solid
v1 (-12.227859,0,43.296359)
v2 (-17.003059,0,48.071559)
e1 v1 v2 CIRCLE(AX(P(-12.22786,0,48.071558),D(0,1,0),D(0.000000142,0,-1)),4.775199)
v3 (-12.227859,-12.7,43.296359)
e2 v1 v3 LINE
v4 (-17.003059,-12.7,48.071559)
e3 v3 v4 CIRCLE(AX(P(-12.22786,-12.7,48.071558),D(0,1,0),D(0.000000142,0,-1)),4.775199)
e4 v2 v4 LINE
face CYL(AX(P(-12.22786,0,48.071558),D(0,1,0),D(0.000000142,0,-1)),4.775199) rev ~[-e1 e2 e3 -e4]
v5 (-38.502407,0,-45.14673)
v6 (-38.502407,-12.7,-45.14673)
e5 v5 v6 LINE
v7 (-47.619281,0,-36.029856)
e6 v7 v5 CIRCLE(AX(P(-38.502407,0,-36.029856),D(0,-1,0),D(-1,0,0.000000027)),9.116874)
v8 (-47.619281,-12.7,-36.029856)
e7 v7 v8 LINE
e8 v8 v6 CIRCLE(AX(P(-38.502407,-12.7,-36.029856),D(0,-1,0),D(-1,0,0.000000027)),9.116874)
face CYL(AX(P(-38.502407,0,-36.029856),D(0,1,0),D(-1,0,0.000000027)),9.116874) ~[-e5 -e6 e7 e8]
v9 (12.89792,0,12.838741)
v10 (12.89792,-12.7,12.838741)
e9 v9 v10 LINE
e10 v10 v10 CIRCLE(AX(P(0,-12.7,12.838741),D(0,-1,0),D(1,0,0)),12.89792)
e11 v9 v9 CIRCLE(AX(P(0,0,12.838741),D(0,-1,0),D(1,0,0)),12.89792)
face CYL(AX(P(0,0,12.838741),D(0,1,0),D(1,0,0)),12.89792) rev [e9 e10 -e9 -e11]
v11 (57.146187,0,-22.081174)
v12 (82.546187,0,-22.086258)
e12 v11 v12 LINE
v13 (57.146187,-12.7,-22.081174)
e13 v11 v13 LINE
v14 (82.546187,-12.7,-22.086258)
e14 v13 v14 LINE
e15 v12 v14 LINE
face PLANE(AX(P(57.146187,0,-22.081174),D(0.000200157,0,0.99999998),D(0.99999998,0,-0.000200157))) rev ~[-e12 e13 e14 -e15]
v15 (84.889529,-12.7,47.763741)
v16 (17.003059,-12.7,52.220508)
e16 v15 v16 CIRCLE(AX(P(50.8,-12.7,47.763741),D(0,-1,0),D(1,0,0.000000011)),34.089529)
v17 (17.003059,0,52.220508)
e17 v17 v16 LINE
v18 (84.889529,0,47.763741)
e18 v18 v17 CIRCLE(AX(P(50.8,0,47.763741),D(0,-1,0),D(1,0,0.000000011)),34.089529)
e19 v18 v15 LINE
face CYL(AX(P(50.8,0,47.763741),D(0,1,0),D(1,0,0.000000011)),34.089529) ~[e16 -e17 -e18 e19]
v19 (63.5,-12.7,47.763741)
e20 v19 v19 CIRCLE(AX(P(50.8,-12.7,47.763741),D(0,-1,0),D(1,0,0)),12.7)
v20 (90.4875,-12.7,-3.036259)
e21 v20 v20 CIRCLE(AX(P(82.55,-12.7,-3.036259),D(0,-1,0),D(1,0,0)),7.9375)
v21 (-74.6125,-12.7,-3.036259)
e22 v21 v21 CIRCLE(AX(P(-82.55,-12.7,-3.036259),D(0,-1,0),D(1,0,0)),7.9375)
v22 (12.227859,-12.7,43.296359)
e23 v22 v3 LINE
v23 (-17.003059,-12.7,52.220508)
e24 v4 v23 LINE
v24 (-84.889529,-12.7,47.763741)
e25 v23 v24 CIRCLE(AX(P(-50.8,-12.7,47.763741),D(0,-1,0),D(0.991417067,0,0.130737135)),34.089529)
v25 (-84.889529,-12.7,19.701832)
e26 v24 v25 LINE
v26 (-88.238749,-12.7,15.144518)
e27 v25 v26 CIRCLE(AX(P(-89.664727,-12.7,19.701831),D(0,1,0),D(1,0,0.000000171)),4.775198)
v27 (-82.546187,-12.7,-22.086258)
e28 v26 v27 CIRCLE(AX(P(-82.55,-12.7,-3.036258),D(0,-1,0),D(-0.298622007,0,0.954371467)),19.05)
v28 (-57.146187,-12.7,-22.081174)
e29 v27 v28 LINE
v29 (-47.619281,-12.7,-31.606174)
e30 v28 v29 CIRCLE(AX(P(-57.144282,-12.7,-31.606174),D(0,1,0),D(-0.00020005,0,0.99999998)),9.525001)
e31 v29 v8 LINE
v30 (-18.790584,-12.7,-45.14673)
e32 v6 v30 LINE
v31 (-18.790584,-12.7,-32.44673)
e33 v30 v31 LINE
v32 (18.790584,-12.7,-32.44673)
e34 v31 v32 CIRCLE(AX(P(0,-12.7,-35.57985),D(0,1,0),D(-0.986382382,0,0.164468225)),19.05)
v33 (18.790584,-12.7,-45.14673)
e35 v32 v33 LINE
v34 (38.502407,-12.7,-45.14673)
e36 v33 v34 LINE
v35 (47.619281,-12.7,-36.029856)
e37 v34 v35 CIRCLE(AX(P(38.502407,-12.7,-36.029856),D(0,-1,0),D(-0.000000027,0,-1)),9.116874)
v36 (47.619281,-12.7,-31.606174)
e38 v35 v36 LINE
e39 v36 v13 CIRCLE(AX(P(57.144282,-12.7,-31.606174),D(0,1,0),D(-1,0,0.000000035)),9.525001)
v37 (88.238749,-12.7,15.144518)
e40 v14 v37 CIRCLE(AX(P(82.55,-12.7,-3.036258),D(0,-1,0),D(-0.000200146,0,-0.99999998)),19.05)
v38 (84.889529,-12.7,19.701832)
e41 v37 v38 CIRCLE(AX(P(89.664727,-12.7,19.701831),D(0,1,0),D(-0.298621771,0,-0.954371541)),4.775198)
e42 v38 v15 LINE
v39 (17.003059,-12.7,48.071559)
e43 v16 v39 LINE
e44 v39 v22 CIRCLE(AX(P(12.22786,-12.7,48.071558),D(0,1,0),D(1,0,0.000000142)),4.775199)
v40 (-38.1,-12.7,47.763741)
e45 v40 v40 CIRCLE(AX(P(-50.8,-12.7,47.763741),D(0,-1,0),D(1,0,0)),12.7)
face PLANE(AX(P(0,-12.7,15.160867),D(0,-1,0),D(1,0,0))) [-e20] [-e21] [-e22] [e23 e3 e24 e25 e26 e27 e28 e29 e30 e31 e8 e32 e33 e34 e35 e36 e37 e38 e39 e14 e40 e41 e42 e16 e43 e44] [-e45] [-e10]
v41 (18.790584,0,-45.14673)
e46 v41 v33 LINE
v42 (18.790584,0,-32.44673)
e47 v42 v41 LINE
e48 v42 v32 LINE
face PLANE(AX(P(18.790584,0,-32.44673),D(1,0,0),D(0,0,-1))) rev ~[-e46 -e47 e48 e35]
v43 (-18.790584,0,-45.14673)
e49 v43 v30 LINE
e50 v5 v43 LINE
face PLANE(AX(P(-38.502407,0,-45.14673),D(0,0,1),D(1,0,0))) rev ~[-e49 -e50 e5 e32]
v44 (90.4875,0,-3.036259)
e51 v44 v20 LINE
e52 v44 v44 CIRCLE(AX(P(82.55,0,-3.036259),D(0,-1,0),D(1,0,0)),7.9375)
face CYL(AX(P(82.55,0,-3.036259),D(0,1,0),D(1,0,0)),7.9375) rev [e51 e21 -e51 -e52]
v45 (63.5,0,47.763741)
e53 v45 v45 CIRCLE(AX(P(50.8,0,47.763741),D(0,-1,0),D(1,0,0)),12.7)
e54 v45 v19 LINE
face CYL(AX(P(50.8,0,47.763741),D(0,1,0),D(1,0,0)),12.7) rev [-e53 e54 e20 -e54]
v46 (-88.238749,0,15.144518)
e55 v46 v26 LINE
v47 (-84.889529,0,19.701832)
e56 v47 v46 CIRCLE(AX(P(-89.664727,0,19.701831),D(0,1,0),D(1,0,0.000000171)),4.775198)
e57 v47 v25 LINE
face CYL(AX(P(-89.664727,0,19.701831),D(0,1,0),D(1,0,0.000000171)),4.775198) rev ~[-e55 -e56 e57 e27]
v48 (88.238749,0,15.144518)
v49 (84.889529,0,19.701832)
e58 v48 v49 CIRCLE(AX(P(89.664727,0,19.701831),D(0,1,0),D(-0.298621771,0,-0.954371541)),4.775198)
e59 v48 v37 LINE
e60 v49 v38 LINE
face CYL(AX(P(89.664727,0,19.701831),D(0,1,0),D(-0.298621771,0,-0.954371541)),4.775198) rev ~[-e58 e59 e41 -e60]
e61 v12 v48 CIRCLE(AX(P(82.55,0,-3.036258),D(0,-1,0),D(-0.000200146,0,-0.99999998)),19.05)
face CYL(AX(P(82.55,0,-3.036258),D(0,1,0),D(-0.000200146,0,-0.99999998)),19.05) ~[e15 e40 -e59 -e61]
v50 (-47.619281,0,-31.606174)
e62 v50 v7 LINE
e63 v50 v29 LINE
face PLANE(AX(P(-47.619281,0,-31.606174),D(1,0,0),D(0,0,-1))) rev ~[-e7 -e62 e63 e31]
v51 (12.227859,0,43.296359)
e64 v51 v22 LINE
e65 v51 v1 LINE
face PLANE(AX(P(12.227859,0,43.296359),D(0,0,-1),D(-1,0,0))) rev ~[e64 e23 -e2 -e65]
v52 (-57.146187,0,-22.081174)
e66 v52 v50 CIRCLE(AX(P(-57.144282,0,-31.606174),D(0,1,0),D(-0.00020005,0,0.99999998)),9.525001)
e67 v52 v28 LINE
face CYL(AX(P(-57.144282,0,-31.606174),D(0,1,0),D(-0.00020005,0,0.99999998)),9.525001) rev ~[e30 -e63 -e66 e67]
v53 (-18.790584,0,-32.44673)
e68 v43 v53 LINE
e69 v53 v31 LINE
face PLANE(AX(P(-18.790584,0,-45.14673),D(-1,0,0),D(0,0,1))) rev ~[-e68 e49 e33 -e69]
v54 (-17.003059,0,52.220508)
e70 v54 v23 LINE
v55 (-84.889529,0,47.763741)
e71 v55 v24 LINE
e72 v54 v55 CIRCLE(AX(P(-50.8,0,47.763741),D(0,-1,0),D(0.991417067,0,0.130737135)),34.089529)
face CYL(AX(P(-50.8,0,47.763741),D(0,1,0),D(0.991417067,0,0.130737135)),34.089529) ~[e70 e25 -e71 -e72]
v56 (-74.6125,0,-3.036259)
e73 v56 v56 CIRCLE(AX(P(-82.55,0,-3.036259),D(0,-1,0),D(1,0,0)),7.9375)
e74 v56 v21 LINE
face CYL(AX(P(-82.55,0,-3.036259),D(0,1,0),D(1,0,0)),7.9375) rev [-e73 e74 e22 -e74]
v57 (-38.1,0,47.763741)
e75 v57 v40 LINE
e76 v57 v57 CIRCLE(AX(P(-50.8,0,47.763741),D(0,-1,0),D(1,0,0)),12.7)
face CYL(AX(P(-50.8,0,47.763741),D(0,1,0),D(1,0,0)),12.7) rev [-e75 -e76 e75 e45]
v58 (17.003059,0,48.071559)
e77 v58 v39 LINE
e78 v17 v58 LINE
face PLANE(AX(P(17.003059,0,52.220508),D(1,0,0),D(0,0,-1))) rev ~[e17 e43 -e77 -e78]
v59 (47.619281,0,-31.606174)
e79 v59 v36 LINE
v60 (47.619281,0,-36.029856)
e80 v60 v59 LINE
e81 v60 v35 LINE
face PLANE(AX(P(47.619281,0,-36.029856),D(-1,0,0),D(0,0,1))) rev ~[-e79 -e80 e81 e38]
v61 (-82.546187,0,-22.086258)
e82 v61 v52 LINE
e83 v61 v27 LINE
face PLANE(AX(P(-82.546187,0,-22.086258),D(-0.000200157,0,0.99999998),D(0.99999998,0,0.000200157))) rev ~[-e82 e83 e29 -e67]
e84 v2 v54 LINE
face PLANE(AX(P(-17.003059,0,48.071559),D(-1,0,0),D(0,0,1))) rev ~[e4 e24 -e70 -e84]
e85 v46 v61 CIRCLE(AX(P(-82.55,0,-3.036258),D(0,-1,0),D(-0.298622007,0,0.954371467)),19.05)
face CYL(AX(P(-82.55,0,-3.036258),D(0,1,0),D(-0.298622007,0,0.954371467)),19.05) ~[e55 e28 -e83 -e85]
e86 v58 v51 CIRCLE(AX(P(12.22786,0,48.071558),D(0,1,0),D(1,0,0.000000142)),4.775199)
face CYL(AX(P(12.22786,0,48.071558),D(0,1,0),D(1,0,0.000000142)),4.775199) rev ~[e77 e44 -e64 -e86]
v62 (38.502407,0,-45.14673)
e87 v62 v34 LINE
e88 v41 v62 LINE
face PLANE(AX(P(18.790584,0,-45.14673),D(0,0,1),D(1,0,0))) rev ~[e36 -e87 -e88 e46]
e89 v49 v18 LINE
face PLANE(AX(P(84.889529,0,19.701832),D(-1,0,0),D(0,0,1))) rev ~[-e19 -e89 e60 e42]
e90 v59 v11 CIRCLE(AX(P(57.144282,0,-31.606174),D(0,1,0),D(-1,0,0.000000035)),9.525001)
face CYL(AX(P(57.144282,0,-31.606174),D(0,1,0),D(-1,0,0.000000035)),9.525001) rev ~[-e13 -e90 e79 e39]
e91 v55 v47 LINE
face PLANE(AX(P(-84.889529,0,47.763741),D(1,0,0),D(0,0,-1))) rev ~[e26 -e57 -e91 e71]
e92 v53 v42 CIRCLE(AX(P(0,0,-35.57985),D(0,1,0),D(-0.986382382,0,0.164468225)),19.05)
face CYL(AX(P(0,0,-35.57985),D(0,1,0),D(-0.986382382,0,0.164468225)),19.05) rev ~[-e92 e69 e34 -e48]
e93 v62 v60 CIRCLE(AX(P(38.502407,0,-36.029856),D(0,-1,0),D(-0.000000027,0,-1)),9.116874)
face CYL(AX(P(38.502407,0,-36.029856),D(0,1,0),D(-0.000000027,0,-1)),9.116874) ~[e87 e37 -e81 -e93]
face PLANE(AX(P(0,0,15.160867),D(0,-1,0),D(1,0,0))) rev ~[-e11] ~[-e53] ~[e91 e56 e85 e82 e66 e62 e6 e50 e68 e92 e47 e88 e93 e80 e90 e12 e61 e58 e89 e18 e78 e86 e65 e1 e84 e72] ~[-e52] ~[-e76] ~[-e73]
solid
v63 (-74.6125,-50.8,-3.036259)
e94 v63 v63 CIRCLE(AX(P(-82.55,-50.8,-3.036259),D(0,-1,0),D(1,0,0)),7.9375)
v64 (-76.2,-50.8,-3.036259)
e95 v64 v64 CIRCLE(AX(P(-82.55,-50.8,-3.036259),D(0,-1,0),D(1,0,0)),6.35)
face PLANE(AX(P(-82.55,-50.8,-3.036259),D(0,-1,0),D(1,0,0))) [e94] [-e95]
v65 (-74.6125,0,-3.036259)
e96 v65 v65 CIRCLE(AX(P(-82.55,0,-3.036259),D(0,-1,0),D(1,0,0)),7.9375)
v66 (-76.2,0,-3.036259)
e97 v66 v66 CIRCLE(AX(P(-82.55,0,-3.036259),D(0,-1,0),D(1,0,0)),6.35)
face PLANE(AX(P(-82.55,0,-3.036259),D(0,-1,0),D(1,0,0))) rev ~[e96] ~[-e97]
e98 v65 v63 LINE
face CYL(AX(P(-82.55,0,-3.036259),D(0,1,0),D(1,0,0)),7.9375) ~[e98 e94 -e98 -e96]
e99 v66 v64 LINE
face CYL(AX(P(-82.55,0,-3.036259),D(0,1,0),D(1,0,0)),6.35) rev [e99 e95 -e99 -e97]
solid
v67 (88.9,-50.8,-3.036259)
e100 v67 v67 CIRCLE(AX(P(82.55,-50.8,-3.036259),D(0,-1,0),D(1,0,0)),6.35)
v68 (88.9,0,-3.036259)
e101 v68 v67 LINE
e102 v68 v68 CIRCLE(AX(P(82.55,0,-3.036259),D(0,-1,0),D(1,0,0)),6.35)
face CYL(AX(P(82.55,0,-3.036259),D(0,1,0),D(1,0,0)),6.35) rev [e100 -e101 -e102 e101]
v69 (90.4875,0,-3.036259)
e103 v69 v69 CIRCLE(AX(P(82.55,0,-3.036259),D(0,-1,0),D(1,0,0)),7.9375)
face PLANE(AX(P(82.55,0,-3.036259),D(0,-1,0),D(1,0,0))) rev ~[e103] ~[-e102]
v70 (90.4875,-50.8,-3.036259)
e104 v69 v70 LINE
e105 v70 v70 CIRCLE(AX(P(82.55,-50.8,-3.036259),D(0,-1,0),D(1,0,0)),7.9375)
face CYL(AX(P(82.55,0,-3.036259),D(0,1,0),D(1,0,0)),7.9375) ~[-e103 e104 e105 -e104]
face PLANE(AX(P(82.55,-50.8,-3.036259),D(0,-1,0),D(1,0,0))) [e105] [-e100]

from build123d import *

# Parameters (mm, degrees)
F0_R     = 7.9375
F0_R_2   = 6.35
F1_DEPTH = 50.8
F2_DEPTH = 50.8
F0_R_3   = 12.89792
F0_R_4   = 12.7
F3_DEPTH = 12.7


with BuildPart() as f1:
    # F0 (on Front) → F1 (new body)
    with BuildSketch(Plane.XZ):
        with Locations((82.55, -3.036259)):
            Circle(F0_R)
        with Locations((82.55, -3.036259)):
            Circle(F0_R_2, mode=Mode.SUBTRACT)
    extrude(amount=F1_DEPTH)


with BuildPart() as f2:
    # F0 (on Front) → F2 (new body)
    with BuildSketch(Plane.XZ):
        with Locations((-82.55, -3.036259)):
            Circle(F0_R)
        with Locations((-82.55, -3.036259)):
            Circle(F0_R_2, mode=Mode.SUBTRACT)
    extrude(amount=F2_DEPTH)


with BuildPart() as f3:
    # F0 (on Front) → F3 (new body)
    with BuildSketch(Plane.XZ):
        with BuildLine():
            ThreePointArc((84.889529, 47.763741), (53.033181, 81.780044), (17.003059, 52.220508))
            Line((17.003059, 52.220508), (17.003059, 48.071559))
            ThreePointArc((17.003059, 48.071559), (15.604436, 44.694983), (12.227859, 43.296359))
            Line((12.227859, 43.296359), (-12.227859, 43.296359))
            ThreePointArc((-12.227859, 43.296359), (-15.604436, 44.694983), (-17.003059, 48.071559))
            Line((-17.003059, 48.071559), (-17.003059, 52.220508))
            ThreePointArc((-17.003059, 52.220508), (-53.033181, 81.780044), (-84.889529, 47.763741))
            Line((-84.889529, 47.763741), (-84.889529, 19.701832))
            ThreePointArc((-84.889529, 19.701832), (-85.81688, 16.874007), (-88.238749, 15.144518))
            ThreePointArc((-88.238749, 15.144518), (-101.381152, -5.91553), (-82.546187, -22.086258))
            Line((-82.546187, -22.086258), (-57.146187, -22.081174))
            ThreePointArc((-57.146187, -22.081174), (-50.409763, -24.870308), (-47.619281, -31.606174))
            Line((-47.619281, -31.606174), (-47.619281, -36.029856))
            ThreePointArc((-47.619281, -36.029856), (-44.94901, -42.47646), (-38.502407, -45.14673))
            Line((-38.502407, -45.14673), (-18.790584, -45.14673))
            Line((-18.790584, -45.14673), (-18.790584, -32.44673))
            ThreePointArc((-18.790584, -32.44673), (0, -16.52985), (18.790584, -32.44673))
            Line((18.790584, -32.44673), (18.790584, -45.14673))
            Line((18.790584, -45.14673), (38.502407, -45.14673))
            ThreePointArc((38.502407, -45.14673), (44.94901, -42.47646), (47.619281, -36.029856))
            Line((47.619281, -36.029856), (47.619281, -31.606174))
            ThreePointArc((47.619281, -31.606174), (50.409763, -24.870308), (57.146187, -22.081174))
            Line((57.146187, -22.081174), (82.546187, -22.086258))
            ThreePointArc((82.546187, -22.086258), (101.381152, -5.91553), (88.238749, 15.144518))
            ThreePointArc((88.238749, 15.144518), (85.81688, 16.874007), (84.889529, 19.701832))
            Line((84.889529, 19.701832), (84.889529, 47.763741))
        make_face()
        with Locations((-82.55, -3.036259)):
            Circle(F0_R, mode=Mode.SUBTRACT)
        with Locations((0, 12.838741)):
            Circle(F0_R_3, mode=Mode.SUBTRACT)
        with Locations((82.55, -3.036259)):
            Circle(F0_R, mode=Mode.SUBTRACT)
        with Locations((-50.8, 47.763741)):
            Circle(F0_R_4, mode=Mode.SUBTRACT)
        with Locations((50.8, 47.763741)):
            Circle(F0_R_4, mode=Mode.SUBTRACT)
    extrude(amount=F3_DEPTH)


solid = Compound([f1.part, f2.part, f3.part])
